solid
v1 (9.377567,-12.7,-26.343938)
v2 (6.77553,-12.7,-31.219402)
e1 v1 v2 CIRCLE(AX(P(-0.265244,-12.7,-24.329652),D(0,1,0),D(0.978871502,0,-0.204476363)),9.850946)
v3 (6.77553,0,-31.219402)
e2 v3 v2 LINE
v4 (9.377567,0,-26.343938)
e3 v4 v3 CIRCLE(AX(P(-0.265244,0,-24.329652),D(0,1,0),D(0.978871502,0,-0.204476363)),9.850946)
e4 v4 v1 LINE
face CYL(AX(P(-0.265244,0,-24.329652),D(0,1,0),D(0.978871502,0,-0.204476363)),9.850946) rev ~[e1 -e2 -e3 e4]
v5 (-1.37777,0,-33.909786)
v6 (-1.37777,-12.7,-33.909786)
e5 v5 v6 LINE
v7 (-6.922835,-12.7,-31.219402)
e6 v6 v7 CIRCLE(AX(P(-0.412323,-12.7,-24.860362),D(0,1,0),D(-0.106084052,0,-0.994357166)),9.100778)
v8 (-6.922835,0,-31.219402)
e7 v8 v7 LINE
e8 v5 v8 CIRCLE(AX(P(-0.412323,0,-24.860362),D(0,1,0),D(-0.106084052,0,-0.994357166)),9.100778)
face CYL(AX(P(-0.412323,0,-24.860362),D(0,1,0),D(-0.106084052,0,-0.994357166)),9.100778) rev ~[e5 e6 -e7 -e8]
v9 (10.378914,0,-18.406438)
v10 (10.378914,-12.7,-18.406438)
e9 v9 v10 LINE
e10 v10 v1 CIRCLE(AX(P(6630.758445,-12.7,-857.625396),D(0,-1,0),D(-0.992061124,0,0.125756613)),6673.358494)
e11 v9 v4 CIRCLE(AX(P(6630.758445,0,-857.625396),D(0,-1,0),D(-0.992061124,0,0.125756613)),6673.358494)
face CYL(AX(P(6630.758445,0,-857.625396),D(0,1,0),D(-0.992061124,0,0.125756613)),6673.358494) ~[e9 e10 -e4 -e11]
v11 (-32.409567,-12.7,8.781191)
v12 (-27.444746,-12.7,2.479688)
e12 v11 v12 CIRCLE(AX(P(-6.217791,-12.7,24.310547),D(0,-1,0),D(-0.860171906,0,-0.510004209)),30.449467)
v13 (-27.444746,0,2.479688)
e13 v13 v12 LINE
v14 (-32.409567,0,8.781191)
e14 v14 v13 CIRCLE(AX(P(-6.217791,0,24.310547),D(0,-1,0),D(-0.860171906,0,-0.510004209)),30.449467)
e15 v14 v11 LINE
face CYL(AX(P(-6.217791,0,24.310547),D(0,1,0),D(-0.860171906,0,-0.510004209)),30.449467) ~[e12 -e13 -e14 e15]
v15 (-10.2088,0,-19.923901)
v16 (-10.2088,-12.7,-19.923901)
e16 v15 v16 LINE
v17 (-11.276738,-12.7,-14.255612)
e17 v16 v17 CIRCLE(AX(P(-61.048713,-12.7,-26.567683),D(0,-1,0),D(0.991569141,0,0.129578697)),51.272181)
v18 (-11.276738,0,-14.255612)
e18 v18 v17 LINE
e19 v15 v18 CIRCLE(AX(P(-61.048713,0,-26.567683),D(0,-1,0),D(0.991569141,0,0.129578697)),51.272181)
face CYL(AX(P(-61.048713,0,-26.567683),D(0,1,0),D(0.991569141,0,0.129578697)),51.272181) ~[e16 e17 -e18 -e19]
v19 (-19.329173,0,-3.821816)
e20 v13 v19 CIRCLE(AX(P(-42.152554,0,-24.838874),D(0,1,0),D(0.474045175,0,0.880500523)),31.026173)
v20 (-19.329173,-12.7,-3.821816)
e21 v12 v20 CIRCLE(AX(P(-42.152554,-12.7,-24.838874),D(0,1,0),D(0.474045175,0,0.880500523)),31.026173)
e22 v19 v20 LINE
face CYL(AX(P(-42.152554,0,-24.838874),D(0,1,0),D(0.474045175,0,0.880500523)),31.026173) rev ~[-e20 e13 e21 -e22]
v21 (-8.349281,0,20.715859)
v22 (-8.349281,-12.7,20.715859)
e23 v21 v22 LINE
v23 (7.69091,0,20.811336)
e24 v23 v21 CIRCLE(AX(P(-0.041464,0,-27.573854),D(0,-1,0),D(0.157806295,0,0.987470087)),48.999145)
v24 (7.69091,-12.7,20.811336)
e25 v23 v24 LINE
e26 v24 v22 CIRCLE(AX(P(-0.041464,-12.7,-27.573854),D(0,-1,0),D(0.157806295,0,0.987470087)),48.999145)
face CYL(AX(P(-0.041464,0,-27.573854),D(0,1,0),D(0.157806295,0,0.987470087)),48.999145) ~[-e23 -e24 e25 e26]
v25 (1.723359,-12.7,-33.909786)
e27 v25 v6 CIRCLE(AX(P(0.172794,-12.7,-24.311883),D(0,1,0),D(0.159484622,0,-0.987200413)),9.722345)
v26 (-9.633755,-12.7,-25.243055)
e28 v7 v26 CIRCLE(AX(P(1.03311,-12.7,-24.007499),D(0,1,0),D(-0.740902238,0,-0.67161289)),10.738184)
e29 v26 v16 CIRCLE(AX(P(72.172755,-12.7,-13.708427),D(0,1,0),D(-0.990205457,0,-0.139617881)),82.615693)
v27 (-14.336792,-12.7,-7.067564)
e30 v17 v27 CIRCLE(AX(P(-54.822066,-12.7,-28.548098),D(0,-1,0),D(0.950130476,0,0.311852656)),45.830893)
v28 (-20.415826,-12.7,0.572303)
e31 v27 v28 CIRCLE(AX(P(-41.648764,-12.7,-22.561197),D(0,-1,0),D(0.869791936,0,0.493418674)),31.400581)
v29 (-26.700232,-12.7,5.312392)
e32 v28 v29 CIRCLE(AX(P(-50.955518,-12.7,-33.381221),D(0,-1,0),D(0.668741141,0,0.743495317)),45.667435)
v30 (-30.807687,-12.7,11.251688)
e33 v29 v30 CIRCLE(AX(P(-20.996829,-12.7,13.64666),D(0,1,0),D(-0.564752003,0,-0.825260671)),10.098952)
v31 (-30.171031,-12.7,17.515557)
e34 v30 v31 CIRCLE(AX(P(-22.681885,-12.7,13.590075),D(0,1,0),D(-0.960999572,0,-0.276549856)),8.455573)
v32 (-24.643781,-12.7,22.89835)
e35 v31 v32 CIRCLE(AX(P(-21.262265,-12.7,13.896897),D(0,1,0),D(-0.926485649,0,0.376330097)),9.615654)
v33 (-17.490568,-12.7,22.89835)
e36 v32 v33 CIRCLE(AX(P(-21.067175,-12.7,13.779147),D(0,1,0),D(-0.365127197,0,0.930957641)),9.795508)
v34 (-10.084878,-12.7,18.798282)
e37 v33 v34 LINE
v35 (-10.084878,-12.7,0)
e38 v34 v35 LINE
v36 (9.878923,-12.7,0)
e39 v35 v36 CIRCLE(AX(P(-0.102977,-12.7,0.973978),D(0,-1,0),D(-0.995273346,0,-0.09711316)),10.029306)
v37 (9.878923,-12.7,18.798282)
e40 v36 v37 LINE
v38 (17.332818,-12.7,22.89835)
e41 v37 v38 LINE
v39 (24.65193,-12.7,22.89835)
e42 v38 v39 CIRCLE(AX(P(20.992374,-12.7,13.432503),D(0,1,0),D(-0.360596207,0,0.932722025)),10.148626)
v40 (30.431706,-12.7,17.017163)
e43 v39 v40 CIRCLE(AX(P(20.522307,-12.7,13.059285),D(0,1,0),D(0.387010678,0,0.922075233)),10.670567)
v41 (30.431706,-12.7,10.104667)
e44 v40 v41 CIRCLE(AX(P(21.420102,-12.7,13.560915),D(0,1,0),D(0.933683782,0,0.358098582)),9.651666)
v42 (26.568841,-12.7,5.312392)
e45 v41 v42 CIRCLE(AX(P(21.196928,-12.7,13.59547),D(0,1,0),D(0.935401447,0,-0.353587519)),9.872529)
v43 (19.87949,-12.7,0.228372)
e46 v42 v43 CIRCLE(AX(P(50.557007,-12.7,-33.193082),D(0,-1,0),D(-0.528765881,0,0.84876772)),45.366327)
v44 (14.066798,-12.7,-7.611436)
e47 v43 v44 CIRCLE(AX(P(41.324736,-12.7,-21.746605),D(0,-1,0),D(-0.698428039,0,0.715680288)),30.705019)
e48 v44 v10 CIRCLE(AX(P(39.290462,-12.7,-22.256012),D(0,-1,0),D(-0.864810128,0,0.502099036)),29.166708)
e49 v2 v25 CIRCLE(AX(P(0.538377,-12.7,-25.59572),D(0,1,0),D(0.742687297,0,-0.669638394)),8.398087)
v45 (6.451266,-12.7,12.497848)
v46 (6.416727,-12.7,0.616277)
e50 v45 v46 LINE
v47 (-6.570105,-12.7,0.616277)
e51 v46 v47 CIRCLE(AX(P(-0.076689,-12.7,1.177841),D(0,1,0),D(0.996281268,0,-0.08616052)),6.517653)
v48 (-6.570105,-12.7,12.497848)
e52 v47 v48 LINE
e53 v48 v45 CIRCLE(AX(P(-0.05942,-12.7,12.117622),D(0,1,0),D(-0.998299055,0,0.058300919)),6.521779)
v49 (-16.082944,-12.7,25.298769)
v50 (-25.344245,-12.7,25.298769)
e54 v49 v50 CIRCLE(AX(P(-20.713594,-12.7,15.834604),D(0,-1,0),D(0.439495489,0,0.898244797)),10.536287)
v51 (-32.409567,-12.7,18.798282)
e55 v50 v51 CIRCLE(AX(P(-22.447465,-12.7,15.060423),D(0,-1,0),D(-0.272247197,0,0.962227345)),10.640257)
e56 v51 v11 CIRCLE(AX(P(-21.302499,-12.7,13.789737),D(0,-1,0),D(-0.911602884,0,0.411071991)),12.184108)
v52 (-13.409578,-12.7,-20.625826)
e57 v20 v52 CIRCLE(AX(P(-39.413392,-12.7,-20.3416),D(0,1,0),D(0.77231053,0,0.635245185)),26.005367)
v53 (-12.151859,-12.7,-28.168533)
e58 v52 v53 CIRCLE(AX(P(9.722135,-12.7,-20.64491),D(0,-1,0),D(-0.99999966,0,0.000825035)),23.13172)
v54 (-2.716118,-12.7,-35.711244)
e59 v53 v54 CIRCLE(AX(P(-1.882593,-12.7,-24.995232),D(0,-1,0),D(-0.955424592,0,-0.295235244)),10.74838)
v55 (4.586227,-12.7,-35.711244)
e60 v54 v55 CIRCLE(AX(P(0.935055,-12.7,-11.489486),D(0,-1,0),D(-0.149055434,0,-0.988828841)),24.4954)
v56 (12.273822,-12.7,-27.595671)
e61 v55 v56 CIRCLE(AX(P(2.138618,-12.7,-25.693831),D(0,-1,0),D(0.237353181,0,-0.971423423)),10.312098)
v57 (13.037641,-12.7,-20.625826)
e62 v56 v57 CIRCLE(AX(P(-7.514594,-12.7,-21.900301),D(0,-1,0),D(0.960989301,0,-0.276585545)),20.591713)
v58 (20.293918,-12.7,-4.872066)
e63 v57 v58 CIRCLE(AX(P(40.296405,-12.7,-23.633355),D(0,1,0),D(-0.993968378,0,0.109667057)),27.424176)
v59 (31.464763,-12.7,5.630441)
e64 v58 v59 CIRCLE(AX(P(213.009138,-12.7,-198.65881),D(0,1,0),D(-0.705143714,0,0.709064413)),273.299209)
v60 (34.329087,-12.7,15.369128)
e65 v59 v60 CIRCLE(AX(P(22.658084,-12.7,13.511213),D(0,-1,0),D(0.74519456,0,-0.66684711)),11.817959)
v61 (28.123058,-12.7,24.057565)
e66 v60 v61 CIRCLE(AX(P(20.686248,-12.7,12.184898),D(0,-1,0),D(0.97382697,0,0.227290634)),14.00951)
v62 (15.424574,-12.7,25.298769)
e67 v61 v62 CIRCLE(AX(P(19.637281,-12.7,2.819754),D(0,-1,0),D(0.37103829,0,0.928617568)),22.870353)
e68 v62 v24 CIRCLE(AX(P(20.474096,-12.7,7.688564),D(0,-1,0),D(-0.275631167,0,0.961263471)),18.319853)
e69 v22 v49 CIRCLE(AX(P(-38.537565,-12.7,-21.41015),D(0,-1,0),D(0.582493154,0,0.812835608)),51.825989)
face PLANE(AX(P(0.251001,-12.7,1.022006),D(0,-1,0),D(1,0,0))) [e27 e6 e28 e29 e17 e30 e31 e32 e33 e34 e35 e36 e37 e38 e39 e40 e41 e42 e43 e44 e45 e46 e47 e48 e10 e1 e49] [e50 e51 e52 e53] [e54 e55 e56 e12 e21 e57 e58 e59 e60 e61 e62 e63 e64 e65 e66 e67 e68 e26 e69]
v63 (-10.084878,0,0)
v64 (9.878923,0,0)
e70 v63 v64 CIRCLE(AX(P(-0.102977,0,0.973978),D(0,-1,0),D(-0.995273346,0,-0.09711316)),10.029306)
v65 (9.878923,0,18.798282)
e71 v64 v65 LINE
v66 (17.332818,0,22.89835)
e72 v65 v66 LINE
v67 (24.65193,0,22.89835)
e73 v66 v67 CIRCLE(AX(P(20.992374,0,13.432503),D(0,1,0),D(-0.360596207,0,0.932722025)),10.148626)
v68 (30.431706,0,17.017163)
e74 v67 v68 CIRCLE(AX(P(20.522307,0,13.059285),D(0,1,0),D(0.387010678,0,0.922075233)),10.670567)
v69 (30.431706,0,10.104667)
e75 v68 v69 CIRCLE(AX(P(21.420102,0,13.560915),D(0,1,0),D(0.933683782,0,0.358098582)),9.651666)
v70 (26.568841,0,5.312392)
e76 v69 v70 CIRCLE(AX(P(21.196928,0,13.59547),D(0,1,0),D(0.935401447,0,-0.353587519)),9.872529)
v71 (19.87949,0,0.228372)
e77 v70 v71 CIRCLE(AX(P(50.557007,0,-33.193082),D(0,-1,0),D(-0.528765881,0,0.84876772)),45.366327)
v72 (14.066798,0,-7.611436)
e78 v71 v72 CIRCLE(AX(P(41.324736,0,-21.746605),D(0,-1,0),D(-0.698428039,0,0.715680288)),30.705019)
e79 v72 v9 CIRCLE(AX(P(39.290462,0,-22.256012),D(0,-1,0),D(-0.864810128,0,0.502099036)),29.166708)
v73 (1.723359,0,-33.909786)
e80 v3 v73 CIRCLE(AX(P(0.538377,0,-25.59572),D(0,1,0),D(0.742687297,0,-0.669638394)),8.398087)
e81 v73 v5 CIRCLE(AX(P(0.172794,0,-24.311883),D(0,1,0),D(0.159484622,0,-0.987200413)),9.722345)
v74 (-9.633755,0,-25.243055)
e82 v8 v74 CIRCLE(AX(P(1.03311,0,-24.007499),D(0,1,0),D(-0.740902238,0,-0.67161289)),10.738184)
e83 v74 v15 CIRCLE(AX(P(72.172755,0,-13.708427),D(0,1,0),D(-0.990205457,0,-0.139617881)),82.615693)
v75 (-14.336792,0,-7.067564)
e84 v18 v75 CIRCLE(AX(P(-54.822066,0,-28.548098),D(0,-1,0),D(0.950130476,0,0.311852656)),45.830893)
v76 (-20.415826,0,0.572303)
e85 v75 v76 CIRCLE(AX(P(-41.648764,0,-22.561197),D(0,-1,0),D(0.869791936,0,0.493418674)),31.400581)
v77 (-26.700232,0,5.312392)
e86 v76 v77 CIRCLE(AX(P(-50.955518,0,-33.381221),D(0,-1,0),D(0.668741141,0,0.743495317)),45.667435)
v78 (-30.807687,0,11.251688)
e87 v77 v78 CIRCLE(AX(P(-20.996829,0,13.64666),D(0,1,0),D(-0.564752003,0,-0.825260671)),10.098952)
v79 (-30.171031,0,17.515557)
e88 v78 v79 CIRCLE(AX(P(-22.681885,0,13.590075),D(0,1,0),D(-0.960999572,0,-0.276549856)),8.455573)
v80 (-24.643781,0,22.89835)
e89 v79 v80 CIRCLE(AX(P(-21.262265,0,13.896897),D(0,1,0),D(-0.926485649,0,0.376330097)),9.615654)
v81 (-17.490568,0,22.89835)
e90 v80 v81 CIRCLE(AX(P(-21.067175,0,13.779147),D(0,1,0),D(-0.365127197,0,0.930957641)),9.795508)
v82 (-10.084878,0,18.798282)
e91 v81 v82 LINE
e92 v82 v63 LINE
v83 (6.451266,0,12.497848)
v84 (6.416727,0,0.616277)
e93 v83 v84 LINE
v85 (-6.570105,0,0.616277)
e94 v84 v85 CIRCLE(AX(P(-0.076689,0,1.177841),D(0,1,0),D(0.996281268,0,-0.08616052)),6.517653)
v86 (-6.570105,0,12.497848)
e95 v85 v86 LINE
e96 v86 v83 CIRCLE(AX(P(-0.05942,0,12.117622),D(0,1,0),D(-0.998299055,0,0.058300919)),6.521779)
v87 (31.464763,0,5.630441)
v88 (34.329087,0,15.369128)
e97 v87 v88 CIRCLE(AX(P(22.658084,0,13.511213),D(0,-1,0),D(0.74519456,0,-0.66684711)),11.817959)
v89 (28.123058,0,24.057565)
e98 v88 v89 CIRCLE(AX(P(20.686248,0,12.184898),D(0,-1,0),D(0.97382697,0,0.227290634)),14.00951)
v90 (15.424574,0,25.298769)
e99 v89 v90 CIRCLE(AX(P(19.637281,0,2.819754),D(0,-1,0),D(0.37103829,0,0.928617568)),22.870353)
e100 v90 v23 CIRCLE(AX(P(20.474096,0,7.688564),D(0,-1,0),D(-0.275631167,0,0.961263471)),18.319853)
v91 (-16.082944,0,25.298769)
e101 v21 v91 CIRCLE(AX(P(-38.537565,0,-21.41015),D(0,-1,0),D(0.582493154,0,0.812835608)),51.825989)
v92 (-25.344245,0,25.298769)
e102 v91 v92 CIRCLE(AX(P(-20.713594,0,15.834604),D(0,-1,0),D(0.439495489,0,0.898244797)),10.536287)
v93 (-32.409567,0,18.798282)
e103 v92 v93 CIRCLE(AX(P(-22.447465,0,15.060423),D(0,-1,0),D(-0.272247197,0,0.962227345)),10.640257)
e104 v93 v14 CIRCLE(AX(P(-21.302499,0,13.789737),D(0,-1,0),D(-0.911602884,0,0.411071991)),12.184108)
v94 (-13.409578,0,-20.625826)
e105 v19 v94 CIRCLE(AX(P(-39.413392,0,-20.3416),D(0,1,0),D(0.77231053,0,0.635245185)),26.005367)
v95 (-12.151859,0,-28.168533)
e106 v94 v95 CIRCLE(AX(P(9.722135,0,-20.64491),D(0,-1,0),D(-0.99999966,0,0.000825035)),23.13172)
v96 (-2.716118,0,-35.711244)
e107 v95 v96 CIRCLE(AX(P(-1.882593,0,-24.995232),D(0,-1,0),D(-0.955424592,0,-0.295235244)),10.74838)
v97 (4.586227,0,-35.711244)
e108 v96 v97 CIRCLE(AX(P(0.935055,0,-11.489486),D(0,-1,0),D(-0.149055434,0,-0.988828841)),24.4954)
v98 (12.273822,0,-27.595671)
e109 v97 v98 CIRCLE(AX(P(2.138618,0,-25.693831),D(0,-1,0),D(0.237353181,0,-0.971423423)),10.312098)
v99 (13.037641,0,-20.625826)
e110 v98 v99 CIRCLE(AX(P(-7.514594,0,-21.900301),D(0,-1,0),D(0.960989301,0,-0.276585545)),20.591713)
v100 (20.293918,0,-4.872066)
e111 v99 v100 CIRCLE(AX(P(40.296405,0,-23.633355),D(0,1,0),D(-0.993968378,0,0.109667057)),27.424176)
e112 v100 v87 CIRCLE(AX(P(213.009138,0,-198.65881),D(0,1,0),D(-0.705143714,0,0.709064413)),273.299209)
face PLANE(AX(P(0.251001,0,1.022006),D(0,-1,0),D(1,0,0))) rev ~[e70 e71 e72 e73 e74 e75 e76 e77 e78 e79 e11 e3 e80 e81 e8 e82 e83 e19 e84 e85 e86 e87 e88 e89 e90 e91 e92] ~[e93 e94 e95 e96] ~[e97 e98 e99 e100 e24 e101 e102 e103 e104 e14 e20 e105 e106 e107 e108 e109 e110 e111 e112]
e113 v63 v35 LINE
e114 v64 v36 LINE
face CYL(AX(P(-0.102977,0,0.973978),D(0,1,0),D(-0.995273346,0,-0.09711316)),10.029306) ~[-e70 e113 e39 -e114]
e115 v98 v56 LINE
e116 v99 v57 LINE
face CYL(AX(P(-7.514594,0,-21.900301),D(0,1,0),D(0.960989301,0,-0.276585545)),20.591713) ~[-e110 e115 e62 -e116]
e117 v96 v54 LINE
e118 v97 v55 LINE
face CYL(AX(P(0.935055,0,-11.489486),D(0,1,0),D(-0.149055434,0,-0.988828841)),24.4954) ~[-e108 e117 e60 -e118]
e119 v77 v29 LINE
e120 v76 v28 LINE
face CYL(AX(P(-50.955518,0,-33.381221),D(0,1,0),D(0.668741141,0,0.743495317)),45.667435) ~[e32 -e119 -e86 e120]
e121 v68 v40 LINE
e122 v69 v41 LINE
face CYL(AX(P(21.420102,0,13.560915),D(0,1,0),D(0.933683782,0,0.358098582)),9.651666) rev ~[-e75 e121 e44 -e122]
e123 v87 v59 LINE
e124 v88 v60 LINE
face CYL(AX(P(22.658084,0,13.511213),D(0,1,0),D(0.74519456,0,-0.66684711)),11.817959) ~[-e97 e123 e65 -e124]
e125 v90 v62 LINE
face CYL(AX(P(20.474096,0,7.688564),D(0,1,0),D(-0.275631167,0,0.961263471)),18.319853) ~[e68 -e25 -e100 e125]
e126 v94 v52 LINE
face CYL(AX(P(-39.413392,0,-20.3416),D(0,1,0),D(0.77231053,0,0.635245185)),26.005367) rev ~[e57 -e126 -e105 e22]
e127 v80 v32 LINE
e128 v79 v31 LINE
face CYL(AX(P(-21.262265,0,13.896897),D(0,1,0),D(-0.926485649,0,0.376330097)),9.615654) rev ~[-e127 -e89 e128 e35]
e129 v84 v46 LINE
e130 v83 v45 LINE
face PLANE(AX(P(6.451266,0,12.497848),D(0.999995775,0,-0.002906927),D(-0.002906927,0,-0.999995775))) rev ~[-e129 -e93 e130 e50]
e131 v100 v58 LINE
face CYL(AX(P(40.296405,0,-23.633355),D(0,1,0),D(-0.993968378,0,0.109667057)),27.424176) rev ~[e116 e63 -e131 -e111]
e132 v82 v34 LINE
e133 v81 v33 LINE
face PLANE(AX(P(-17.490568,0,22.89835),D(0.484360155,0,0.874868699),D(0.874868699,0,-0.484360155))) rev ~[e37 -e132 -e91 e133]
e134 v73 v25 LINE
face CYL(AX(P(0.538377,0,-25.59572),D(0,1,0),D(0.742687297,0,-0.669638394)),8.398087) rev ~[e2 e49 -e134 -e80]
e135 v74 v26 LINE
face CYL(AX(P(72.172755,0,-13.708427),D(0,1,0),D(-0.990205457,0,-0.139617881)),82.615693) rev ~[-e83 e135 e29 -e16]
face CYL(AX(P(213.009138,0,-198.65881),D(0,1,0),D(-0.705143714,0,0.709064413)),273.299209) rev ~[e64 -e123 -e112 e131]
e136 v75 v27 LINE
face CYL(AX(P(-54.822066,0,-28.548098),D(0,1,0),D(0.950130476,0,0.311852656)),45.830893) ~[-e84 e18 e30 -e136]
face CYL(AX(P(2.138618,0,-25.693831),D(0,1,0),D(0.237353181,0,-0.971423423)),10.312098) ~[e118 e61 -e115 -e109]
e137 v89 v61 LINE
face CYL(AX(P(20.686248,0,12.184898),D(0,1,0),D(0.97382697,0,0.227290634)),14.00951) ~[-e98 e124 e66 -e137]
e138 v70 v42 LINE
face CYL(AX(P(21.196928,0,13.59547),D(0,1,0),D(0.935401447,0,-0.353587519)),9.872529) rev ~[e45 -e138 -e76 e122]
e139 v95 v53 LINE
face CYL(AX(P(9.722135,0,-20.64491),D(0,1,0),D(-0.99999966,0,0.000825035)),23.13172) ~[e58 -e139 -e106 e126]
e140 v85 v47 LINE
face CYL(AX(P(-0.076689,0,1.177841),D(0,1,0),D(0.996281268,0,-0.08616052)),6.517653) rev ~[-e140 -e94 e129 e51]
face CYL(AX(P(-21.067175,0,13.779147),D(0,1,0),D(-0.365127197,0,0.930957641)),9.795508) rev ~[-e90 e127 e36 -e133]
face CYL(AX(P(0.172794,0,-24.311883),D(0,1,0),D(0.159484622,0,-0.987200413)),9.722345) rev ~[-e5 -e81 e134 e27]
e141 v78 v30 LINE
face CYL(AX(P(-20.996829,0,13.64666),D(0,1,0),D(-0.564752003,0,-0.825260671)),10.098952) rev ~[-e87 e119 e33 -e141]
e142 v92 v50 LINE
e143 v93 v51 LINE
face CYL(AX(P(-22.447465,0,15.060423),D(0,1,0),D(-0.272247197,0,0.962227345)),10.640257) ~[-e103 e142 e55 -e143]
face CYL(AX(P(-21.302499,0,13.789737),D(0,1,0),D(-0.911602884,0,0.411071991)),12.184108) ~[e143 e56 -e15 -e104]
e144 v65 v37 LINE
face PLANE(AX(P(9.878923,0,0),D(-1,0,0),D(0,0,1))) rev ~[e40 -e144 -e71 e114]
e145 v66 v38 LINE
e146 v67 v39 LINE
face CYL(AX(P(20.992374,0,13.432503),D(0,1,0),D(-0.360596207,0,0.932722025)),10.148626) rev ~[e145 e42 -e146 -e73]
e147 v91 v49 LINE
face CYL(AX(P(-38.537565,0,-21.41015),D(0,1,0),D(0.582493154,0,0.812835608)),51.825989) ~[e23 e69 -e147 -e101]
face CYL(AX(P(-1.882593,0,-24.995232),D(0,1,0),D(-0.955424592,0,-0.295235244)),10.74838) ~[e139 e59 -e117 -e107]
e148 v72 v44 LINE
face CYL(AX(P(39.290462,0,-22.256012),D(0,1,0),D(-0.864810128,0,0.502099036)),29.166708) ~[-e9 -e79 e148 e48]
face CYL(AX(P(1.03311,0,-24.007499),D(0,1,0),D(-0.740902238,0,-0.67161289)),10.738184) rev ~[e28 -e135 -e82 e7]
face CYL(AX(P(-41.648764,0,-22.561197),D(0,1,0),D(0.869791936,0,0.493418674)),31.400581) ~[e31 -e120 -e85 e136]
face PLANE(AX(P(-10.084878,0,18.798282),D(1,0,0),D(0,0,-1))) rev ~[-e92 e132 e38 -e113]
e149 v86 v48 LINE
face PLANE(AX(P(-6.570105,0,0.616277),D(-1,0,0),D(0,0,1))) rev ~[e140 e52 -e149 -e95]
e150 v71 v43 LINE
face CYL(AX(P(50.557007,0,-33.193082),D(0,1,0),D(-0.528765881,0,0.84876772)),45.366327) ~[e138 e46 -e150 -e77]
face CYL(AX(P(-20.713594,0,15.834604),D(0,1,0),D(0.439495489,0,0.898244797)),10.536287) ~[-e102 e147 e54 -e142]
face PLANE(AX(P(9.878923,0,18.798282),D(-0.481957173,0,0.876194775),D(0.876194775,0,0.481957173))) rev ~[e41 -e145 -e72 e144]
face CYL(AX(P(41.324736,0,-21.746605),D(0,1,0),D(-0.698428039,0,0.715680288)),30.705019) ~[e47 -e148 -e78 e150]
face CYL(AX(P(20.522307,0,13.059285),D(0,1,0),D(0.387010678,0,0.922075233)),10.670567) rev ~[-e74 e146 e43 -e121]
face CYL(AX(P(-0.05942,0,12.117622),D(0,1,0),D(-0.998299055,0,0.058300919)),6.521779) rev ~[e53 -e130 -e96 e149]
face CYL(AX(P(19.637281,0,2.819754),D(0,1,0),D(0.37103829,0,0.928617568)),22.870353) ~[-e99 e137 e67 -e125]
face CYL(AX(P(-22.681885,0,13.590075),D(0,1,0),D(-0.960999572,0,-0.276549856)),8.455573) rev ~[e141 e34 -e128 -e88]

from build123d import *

# Parameters (mm, degrees)
F1_DEPTH = 12.7


with BuildPart() as f1:
    # F0 (on Front) → F1 (new body)
    with BuildSketch(Plane.XZ):
        with BuildLine():
            ThreePointArc((7.69091, 20.811336), (-0.333119, 21.424423), (-8.349281, 20.715859))
            ThreePointArc((-8.349281, 20.715859), (-12.116558, 23.175313), (-16.082944, 25.298769))
            ThreePointArc((-16.082944, 25.298769), (-20.713595, 26.370891), (-25.344245, 25.298769))
            ThreePointArc((-25.344245, 25.298769), (-29.651755, 22.890702), (-32.409567, 18.798282))
            ThreePointArc((-32.409567, 18.798282), (-33.486607, 13.789737), (-32.409567, 8.781191))
            ThreePointArc((-32.409567, 8.781191), (-30.135593, 5.466217), (-27.444746, 2.479688))
            ThreePointArc((-27.444746, 2.479688), (-23.124292, -0.332779), (-19.329173, -3.821816))
            ThreePointArc((-19.329173, -3.821816), (-14.885441, -11.701071), (-13.409578, -20.625826))
            ThreePointArc((-13.409578, -20.625826), (-13.094559, -24.449511), (-12.151859, -28.168533))
            ThreePointArc((-12.151859, -28.168533), (-8.593861, -33.390859), (-2.716118, -35.711244))
            ThreePointArc((-2.716118, -35.711244), (0.935054, -35.984886), (4.586227, -35.711244))
            ThreePointArc((4.586227, -35.711244), (9.625101, -32.785511), (12.273822, -27.595671))
            ThreePointArc((12.273822, -27.595671), (12.954571, -24.143498), (13.037641, -20.625826))
            ThreePointArc((13.037641, -20.625826), (15.387537, -12.16018), (20.293918, -4.872066))
            ThreePointArc((20.293918, -4.872066), (25.805674, 0.457541), (31.464763, 5.630441))
            ThreePointArc((31.464763, 5.630441), (33.995825, 10.176578), (34.329087, 15.369128))
            ThreePointArc((34.329087, 15.369128), (32.086254, 20.327762), (28.123058, 24.057565))
            ThreePointArc((28.123058, 24.057565), (21.862125, 25.581632), (15.424574, 25.298769))
            ThreePointArc((15.424574, 25.298769), (11.27977, 23.534111), (7.69091, 20.811336))
        make_face()
        with BuildLine():
            Line((9.878923, 0), (9.878923, 18.798282))
            Line((9.878923, 18.798282), (17.332818, 22.89835))
            ThreePointArc((17.332818, 22.89835), (20.992374, 23.581129), (24.65193, 22.89835))
            ThreePointArc((24.65193, 22.89835), (28.132867, 20.538614), (30.431706, 17.017163))
            ThreePointArc((30.431706, 17.017163), (31.071768, 13.560915), (30.431706, 10.104667))
            ThreePointArc((30.431706, 10.104667), (28.883301, 7.399786), (26.568841, 5.312392))
            ThreePointArc((26.568841, 5.312392), (23.106214, 2.925578), (19.87949, 0.228372))
            ThreePointArc((19.87949, 0.228372), (16.659666, -3.459109), (14.066798, -7.611436))
            ThreePointArc((14.066798, -7.611436), (11.689949, -12.826881), (10.378914, -18.406438))
            ThreePointArc((10.378914, -18.406438), (9.877051, -22.375038), (9.377567, -26.343938))
            ThreePointArc((9.377567, -26.343938), (8.425443, -28.967875), (6.77553, -31.219402))
            ThreePointArc((6.77553, -31.219402), (4.485726, -33.008298), (1.723359, -33.909786))
            ThreePointArc((1.723359, -33.909786), (0.172795, -34.034228), (-1.37777, -33.909786))
            ThreePointArc((-1.37777, -33.909786), (-4.384983, -33.048288), (-6.922835, -31.219402))
            ThreePointArc((-6.922835, -31.219402), (-8.746023, -28.443394), (-9.633755, -25.243055))
            ThreePointArc((-9.633755, -25.243055), (-9.964347, -22.588134), (-10.2088, -19.923901))
            ThreePointArc((-10.2088, -19.923901), (-10.662997, -17.074727), (-11.276738, -14.255612))
            ThreePointArc((-11.276738, -14.255612), (-12.653327, -10.596268), (-14.336792, -7.067564))
            ThreePointArc((-14.336792, -7.067564), (-17.077562, -3.009918), (-20.415826, 0.572303))
            ThreePointArc((-20.415826, 0.572303), (-23.455709, 3.078004), (-26.700232, 5.312392))
            ThreePointArc((-26.700232, 5.312392), (-29.302964, 7.902363), (-30.807687, 11.251688))
            ThreePointArc((-30.807687, 11.251688), (-31.094118, 14.44509), (-30.171031, 17.515557))
            ThreePointArc((-30.171031, 17.515557), (-27.970944, 20.785615), (-24.643781, 22.89835))
            ThreePointArc((-24.643781, 22.89835), (-21.067174, 23.574655), (-17.490568, 22.89835))
            Line((-17.490568, 22.89835), (-10.084878, 18.798282))
            Line((-10.084878, 18.798282), (-10.084878, 0))
            ThreePointArc((-10.084878, 0), (-0.102977, -9.055328), (9.878923, 0))
        make_face(mode=Mode.SUBTRACT)
        with BuildLine():
            Line((-6.570105, 0.616277), (-6.570105, 12.497848))
            ThreePointArc((-6.570105, 12.497848), (-0.05942, 18.639401), (6.451266, 12.497848))
            Line((6.451266, 12.497848), (6.416727, 0.616277))
            ThreePointArc((6.416727, 0.616277), (-0.076689, -5.339812), (-6.570105, 0.616277))
        make_face(mode=Mode.SUBTRACT)
    extrude(amount=F1_DEPTH)


solid = f1.part
